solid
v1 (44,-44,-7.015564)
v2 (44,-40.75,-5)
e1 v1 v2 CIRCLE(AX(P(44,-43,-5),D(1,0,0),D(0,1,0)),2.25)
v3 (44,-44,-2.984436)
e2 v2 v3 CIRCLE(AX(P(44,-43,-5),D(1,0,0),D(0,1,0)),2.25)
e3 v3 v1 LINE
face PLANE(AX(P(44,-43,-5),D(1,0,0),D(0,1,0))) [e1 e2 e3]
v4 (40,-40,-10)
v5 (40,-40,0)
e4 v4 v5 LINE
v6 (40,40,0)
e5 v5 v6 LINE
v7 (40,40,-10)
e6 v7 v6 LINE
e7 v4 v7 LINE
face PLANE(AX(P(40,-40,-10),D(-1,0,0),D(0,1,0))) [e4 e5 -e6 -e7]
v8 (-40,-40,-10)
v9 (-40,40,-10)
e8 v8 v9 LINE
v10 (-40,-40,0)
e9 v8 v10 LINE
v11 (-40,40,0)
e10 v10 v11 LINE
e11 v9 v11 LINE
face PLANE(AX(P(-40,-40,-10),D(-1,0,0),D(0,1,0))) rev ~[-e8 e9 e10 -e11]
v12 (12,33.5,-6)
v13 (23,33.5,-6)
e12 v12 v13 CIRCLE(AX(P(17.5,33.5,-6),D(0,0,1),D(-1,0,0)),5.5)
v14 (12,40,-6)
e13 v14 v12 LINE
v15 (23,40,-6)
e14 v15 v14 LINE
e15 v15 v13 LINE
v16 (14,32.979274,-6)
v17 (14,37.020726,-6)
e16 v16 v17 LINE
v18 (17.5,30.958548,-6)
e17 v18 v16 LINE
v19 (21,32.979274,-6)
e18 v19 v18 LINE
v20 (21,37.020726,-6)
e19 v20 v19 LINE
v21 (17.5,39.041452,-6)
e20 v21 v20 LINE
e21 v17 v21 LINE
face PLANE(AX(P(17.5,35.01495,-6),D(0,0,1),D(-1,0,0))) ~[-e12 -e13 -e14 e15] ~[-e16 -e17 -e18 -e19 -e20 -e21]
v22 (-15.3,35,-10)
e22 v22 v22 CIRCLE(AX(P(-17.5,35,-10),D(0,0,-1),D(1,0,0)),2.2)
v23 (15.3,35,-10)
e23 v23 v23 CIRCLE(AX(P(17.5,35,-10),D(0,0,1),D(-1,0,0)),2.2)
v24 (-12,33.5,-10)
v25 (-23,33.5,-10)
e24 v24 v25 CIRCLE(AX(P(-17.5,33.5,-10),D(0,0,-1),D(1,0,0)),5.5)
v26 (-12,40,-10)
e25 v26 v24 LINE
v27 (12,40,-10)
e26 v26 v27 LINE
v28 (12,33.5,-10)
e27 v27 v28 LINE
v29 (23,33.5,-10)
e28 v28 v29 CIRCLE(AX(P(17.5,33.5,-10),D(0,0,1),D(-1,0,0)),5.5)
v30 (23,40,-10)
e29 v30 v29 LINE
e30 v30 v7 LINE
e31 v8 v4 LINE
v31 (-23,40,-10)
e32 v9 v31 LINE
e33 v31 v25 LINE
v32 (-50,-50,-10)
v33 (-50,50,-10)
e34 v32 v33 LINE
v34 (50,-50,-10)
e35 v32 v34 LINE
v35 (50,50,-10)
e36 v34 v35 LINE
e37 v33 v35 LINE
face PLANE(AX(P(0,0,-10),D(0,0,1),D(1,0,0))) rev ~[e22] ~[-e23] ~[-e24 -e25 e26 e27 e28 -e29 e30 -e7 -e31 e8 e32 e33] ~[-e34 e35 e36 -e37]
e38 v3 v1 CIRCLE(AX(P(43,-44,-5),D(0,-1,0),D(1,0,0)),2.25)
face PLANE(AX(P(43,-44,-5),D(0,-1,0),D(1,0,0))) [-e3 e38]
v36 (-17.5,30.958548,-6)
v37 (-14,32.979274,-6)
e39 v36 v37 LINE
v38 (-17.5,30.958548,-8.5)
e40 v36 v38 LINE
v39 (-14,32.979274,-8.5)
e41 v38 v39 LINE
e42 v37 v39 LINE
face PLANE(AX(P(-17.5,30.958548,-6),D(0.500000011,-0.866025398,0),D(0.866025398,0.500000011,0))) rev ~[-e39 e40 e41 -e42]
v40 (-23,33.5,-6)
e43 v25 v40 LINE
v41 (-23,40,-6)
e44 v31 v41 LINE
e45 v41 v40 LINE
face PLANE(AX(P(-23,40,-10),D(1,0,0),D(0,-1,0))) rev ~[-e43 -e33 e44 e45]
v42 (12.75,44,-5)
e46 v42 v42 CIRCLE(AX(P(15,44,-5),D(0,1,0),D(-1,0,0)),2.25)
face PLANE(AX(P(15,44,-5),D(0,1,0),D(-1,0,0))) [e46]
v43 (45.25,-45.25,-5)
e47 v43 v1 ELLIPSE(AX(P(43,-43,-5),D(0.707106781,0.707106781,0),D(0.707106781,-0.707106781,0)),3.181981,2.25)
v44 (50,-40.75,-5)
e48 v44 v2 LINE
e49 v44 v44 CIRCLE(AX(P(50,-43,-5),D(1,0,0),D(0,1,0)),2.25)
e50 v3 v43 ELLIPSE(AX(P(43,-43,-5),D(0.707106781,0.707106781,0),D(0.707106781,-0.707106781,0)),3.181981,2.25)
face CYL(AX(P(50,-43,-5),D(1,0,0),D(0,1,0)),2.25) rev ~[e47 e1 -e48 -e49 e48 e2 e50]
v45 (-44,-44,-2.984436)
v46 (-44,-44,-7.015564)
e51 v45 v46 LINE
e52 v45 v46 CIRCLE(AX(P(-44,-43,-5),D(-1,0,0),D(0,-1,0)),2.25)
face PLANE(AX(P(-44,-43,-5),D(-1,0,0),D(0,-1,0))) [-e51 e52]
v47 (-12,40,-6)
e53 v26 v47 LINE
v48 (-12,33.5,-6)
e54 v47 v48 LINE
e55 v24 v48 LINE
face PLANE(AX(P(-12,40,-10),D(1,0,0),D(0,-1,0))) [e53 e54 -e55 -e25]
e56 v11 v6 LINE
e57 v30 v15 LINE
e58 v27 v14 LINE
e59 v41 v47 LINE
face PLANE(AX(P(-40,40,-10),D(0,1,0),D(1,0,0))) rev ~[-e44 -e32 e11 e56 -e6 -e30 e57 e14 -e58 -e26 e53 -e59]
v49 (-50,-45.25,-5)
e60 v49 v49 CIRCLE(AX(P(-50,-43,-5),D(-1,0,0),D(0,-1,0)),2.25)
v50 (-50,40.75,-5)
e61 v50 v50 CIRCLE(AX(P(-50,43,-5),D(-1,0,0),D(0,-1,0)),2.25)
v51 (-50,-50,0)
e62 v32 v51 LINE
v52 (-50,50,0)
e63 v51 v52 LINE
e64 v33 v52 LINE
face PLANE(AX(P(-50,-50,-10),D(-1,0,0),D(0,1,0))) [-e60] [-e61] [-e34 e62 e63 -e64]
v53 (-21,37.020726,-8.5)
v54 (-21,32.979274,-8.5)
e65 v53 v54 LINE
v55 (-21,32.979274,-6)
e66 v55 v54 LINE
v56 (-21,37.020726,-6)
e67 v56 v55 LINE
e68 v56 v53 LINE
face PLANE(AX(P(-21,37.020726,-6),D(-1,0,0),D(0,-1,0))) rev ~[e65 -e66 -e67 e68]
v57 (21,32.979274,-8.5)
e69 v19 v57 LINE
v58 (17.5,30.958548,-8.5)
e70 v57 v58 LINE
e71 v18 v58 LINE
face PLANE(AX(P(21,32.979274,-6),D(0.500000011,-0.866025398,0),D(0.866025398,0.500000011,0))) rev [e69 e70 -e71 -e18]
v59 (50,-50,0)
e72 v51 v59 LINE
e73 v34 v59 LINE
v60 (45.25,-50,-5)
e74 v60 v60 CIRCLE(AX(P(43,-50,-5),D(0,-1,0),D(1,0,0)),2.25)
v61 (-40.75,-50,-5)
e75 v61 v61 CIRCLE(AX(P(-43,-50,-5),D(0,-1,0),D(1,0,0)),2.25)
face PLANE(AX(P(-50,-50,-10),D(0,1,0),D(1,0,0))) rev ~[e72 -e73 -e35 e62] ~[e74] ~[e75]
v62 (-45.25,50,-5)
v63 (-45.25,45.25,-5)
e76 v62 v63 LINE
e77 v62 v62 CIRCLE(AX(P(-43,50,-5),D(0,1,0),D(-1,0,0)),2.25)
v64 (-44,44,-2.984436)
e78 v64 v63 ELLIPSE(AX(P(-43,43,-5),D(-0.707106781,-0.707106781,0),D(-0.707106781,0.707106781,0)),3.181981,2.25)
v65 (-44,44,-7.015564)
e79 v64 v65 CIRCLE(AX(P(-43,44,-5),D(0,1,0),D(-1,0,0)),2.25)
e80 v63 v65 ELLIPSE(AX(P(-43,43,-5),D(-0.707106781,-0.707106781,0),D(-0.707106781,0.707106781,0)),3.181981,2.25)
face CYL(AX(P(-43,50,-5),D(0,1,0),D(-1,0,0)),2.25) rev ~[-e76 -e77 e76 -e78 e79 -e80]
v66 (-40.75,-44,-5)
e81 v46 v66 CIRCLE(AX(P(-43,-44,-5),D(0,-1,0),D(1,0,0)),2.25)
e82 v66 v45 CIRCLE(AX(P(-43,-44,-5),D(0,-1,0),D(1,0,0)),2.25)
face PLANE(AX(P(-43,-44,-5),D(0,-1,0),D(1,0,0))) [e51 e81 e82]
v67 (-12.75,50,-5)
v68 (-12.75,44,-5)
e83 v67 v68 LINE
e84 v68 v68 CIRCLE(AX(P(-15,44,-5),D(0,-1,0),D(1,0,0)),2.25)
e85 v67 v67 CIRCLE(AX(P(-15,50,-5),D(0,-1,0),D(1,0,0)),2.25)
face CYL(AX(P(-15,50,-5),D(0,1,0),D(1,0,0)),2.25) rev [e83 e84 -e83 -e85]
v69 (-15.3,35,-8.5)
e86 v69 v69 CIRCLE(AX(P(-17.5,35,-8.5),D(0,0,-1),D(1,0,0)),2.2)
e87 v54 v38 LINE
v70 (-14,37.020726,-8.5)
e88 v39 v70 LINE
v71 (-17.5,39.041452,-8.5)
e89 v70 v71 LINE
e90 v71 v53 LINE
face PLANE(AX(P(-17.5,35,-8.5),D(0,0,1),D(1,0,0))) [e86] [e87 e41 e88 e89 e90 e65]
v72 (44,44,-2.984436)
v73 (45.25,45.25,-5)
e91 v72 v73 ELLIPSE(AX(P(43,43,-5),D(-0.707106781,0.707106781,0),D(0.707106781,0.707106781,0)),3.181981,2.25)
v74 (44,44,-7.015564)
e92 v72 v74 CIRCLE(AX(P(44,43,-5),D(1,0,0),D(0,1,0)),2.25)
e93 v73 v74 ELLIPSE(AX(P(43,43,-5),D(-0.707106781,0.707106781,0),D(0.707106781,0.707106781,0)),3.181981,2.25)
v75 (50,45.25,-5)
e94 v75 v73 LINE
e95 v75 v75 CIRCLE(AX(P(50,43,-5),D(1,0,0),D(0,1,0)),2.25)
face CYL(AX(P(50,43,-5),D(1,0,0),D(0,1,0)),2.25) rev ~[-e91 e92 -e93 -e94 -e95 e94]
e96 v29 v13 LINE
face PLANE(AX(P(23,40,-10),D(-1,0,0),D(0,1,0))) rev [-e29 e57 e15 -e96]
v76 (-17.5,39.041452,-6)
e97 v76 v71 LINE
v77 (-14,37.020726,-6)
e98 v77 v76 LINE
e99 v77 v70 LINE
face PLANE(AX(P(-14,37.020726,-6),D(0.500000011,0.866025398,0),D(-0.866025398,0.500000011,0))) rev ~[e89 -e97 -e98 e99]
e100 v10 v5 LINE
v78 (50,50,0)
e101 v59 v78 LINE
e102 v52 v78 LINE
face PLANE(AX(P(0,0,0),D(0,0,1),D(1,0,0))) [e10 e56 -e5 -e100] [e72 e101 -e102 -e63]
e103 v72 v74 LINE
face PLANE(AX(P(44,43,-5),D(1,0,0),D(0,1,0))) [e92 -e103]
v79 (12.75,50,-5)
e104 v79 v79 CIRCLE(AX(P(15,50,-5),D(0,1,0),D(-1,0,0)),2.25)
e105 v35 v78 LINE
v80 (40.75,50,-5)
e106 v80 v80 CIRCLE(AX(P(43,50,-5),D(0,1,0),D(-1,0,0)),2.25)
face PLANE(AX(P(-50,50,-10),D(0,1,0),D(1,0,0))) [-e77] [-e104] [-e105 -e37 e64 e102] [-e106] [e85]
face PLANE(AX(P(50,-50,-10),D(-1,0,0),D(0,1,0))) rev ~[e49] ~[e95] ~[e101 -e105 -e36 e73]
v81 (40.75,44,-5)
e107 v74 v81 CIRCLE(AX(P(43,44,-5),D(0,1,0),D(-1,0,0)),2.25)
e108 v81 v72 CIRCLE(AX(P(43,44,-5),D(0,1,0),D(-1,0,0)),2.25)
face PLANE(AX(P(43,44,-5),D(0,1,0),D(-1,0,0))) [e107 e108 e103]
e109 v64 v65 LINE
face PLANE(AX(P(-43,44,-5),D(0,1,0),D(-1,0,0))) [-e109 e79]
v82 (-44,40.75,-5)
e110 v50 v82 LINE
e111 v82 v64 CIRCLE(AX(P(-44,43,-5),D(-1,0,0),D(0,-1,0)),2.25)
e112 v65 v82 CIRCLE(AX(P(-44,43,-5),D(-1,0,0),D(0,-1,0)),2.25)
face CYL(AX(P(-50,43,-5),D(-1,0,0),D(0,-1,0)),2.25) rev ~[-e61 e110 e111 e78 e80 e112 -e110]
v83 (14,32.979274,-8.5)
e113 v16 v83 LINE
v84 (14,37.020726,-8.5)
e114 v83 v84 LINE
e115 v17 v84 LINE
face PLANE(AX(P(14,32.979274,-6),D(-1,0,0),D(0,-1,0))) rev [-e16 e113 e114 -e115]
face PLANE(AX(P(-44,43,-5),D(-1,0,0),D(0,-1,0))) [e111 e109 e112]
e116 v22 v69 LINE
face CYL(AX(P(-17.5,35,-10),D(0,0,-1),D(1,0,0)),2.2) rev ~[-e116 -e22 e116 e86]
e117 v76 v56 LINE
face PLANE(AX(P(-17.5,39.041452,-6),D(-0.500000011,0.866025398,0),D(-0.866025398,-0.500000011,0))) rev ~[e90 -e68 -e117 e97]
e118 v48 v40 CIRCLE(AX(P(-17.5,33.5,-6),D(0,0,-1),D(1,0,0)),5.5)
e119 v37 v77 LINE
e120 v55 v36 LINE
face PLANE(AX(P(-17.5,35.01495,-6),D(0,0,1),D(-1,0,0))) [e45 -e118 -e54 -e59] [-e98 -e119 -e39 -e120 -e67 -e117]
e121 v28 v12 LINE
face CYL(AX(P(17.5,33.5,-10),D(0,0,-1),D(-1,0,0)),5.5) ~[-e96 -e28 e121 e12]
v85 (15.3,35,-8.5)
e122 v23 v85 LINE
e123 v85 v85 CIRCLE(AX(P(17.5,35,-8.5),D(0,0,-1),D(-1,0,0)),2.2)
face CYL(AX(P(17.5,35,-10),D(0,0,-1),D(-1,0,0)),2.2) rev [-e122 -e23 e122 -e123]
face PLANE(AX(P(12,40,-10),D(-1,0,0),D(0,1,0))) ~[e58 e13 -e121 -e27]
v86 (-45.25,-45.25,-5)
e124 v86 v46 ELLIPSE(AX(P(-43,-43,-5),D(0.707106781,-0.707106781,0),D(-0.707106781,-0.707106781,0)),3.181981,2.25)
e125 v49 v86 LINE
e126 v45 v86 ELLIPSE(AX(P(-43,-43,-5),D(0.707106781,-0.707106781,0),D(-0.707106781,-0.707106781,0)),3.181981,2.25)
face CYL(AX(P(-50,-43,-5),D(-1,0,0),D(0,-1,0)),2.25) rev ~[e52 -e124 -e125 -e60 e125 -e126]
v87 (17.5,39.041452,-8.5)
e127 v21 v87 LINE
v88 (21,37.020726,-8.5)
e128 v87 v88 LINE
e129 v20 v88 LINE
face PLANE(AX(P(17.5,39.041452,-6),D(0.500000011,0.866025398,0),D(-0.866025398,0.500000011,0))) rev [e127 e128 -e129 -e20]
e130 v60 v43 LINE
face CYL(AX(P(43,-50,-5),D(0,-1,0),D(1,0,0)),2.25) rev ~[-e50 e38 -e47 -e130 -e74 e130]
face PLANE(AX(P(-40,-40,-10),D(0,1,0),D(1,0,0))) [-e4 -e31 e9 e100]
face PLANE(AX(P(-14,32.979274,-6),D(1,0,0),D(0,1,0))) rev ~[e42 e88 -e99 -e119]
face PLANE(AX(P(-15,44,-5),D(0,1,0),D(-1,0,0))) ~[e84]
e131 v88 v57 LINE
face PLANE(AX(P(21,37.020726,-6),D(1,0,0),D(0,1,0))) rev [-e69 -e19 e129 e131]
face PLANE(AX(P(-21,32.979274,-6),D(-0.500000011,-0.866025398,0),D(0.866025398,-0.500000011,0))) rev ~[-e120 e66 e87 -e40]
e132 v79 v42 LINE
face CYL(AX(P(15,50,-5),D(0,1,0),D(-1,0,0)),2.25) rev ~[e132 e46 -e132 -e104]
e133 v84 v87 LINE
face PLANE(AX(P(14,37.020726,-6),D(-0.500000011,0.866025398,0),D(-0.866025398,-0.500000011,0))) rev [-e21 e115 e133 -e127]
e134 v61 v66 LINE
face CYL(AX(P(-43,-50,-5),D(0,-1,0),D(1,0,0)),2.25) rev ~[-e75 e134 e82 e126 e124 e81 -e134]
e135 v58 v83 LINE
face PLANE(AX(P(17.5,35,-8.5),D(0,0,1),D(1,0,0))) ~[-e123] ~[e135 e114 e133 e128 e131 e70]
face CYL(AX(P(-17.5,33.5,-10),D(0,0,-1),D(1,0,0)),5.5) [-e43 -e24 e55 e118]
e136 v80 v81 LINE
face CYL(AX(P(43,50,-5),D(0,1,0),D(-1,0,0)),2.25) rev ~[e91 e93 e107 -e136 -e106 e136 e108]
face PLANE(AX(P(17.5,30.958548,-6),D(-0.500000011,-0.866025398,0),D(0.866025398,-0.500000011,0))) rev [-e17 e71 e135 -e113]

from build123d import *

# Parameters (mm, degrees)
SKETCH081_W           = 100
SKETCH081_H           = 100
SKETCH081_W_2         = 80
SKETCH081_H_2         = 80
PAD032_DEPTH          = 10
SKETCH083_R           = 2.25
POCKET051_DEPTH       = 6
POLARPATTERN002_COUNT = 4
SKETCH082_R           = 2.25
POCKET050_DEPTH       = 6
POLARPATTERN003_COUNT = 4
SKETCH084_R           = 2.25
POCKET049_DEPTH       = 6
SKETCH098_R           = 2.2
PAD037_DEPTH          = 4
POCKET061_DEPTH       = 2.5


with BuildPart() as part:
    # Sketch081 → Pad032 (new body)
    with BuildSketch(Plane.XY):
        Rectangle(SKETCH081_W, SKETCH081_H)
        Rectangle(SKETCH081_W_2, SKETCH081_H_2, mode=Mode.SUBTRACT)
    extrude(amount=PAD032_DEPTH)

    # Sketch083 → Pocket051 (cut)
    with BuildSketch(Plane.XZ.offset(50)):
        with Locations((-43, 5)):
            Circle(SKETCH083_R)
    pocket051 = extrude(amount=-POCKET051_DEPTH, mode=Mode.SUBTRACT)

    # PolarPattern002: Pocket051 ×4 about axis
    polarpattern002_axis = Axis((0, 0, 0), (0, 0, 1))
    for i in range(1, POLARPATTERN002_COUNT):
        add(pocket051.rotate(polarpattern002_axis, i * 360 / POLARPATTERN002_COUNT), mode=Mode.SUBTRACT)

    # Sketch082 (on Face2 of PolarPattern002) → Pocket050 (cut)
    with BuildSketch(Plane(origin=(-50, 0, 0), x_dir=(0, -1, 0), z_dir=(-1, 0, 0))):
        with Locations((43, 5)):
            Circle(SKETCH082_R)
    pocket050 = extrude(amount=-POCKET050_DEPTH, mode=Mode.SUBTRACT)

    # PolarPattern003: Pocket050 ×4 about axis
    polarpattern003_axis = Axis((0, 0, 0), (0, 0, 1))
    for i in range(1, POLARPATTERN003_COUNT):
        add(pocket050.rotate(polarpattern003_axis, i * 360 / POLARPATTERN003_COUNT), mode=Mode.SUBTRACT)

    # Sketch084 (on Face1 of PolarPattern003) → Pocket049 (cut)
    with BuildSketch(Plane(origin=(0, 50, 0), x_dir=(-1, 0, 0), z_dir=(0, 1, 0))):
        with Locations((-15, 5)):
            Circle(SKETCH084_R)
    pocket049 = extrude(amount=-POCKET049_DEPTH, mode=Mode.SUBTRACT)

    # Mirrored003: Pocket049 across Sketch084 V_Axis
    add(pocket049.mirror(Plane(origin=(0, 50, 0), x_dir=(0, 1, 0), z_dir=(-1, 0, 0))), mode=Mode.SUBTRACT)

    # Sketch098 (on Face3 of Mirrored003) → Pad037 (join)
    with BuildSketch(Plane(origin=(0, 0, 0), x_dir=(1, 0, 0), z_dir=(0, 0, -1))):
        with BuildLine():
            Line((-23, -40), (-23, -33.5))
            ThreePointArc((-12, -33.5), (-17.5, -28), (-23, -33.5))
            Line((-12, -40), (-12, -33.5))
            Line((-23, -40), (-12, -40))
        make_face()
        with Locations((-17.5, -35)):
            Circle(SKETCH098_R, mode=Mode.SUBTRACT)
    pad037 = extrude(amount=-PAD037_DEPTH)

    # Sketch099 (on Face29 of Pad037) → Pocket061 (cut)
    with BuildSketch(Plane.XY.offset(4)):
        Polygon((-14, 37.020726), (-17.5, 39.041452), (-21, 37.020726), (-21, 32.979274), (-17.5, 30.958548), (-14, 32.979274), align=None)
    pocket061 = extrude(amount=-POCKET061_DEPTH, mode=Mode.SUBTRACT)

    # Mirrored006: Pad037, Pocket061 across Sketch098 V_Axis
    add(pad037.mirror(Plane(origin=(0, 0, 0), x_dir=(0, 0, -1), z_dir=(1, 0, 0))))
    add(pocket061.mirror(Plane(origin=(0, 0, 0), x_dir=(0, 0, -1), z_dir=(1, 0, 0))), mode=Mode.SUBTRACT)


with BuildPart() as part_1:
    # Body011 placement: moved
    add(part.part.moved(Location((0, 0, -10))))


solid = part_1.part
